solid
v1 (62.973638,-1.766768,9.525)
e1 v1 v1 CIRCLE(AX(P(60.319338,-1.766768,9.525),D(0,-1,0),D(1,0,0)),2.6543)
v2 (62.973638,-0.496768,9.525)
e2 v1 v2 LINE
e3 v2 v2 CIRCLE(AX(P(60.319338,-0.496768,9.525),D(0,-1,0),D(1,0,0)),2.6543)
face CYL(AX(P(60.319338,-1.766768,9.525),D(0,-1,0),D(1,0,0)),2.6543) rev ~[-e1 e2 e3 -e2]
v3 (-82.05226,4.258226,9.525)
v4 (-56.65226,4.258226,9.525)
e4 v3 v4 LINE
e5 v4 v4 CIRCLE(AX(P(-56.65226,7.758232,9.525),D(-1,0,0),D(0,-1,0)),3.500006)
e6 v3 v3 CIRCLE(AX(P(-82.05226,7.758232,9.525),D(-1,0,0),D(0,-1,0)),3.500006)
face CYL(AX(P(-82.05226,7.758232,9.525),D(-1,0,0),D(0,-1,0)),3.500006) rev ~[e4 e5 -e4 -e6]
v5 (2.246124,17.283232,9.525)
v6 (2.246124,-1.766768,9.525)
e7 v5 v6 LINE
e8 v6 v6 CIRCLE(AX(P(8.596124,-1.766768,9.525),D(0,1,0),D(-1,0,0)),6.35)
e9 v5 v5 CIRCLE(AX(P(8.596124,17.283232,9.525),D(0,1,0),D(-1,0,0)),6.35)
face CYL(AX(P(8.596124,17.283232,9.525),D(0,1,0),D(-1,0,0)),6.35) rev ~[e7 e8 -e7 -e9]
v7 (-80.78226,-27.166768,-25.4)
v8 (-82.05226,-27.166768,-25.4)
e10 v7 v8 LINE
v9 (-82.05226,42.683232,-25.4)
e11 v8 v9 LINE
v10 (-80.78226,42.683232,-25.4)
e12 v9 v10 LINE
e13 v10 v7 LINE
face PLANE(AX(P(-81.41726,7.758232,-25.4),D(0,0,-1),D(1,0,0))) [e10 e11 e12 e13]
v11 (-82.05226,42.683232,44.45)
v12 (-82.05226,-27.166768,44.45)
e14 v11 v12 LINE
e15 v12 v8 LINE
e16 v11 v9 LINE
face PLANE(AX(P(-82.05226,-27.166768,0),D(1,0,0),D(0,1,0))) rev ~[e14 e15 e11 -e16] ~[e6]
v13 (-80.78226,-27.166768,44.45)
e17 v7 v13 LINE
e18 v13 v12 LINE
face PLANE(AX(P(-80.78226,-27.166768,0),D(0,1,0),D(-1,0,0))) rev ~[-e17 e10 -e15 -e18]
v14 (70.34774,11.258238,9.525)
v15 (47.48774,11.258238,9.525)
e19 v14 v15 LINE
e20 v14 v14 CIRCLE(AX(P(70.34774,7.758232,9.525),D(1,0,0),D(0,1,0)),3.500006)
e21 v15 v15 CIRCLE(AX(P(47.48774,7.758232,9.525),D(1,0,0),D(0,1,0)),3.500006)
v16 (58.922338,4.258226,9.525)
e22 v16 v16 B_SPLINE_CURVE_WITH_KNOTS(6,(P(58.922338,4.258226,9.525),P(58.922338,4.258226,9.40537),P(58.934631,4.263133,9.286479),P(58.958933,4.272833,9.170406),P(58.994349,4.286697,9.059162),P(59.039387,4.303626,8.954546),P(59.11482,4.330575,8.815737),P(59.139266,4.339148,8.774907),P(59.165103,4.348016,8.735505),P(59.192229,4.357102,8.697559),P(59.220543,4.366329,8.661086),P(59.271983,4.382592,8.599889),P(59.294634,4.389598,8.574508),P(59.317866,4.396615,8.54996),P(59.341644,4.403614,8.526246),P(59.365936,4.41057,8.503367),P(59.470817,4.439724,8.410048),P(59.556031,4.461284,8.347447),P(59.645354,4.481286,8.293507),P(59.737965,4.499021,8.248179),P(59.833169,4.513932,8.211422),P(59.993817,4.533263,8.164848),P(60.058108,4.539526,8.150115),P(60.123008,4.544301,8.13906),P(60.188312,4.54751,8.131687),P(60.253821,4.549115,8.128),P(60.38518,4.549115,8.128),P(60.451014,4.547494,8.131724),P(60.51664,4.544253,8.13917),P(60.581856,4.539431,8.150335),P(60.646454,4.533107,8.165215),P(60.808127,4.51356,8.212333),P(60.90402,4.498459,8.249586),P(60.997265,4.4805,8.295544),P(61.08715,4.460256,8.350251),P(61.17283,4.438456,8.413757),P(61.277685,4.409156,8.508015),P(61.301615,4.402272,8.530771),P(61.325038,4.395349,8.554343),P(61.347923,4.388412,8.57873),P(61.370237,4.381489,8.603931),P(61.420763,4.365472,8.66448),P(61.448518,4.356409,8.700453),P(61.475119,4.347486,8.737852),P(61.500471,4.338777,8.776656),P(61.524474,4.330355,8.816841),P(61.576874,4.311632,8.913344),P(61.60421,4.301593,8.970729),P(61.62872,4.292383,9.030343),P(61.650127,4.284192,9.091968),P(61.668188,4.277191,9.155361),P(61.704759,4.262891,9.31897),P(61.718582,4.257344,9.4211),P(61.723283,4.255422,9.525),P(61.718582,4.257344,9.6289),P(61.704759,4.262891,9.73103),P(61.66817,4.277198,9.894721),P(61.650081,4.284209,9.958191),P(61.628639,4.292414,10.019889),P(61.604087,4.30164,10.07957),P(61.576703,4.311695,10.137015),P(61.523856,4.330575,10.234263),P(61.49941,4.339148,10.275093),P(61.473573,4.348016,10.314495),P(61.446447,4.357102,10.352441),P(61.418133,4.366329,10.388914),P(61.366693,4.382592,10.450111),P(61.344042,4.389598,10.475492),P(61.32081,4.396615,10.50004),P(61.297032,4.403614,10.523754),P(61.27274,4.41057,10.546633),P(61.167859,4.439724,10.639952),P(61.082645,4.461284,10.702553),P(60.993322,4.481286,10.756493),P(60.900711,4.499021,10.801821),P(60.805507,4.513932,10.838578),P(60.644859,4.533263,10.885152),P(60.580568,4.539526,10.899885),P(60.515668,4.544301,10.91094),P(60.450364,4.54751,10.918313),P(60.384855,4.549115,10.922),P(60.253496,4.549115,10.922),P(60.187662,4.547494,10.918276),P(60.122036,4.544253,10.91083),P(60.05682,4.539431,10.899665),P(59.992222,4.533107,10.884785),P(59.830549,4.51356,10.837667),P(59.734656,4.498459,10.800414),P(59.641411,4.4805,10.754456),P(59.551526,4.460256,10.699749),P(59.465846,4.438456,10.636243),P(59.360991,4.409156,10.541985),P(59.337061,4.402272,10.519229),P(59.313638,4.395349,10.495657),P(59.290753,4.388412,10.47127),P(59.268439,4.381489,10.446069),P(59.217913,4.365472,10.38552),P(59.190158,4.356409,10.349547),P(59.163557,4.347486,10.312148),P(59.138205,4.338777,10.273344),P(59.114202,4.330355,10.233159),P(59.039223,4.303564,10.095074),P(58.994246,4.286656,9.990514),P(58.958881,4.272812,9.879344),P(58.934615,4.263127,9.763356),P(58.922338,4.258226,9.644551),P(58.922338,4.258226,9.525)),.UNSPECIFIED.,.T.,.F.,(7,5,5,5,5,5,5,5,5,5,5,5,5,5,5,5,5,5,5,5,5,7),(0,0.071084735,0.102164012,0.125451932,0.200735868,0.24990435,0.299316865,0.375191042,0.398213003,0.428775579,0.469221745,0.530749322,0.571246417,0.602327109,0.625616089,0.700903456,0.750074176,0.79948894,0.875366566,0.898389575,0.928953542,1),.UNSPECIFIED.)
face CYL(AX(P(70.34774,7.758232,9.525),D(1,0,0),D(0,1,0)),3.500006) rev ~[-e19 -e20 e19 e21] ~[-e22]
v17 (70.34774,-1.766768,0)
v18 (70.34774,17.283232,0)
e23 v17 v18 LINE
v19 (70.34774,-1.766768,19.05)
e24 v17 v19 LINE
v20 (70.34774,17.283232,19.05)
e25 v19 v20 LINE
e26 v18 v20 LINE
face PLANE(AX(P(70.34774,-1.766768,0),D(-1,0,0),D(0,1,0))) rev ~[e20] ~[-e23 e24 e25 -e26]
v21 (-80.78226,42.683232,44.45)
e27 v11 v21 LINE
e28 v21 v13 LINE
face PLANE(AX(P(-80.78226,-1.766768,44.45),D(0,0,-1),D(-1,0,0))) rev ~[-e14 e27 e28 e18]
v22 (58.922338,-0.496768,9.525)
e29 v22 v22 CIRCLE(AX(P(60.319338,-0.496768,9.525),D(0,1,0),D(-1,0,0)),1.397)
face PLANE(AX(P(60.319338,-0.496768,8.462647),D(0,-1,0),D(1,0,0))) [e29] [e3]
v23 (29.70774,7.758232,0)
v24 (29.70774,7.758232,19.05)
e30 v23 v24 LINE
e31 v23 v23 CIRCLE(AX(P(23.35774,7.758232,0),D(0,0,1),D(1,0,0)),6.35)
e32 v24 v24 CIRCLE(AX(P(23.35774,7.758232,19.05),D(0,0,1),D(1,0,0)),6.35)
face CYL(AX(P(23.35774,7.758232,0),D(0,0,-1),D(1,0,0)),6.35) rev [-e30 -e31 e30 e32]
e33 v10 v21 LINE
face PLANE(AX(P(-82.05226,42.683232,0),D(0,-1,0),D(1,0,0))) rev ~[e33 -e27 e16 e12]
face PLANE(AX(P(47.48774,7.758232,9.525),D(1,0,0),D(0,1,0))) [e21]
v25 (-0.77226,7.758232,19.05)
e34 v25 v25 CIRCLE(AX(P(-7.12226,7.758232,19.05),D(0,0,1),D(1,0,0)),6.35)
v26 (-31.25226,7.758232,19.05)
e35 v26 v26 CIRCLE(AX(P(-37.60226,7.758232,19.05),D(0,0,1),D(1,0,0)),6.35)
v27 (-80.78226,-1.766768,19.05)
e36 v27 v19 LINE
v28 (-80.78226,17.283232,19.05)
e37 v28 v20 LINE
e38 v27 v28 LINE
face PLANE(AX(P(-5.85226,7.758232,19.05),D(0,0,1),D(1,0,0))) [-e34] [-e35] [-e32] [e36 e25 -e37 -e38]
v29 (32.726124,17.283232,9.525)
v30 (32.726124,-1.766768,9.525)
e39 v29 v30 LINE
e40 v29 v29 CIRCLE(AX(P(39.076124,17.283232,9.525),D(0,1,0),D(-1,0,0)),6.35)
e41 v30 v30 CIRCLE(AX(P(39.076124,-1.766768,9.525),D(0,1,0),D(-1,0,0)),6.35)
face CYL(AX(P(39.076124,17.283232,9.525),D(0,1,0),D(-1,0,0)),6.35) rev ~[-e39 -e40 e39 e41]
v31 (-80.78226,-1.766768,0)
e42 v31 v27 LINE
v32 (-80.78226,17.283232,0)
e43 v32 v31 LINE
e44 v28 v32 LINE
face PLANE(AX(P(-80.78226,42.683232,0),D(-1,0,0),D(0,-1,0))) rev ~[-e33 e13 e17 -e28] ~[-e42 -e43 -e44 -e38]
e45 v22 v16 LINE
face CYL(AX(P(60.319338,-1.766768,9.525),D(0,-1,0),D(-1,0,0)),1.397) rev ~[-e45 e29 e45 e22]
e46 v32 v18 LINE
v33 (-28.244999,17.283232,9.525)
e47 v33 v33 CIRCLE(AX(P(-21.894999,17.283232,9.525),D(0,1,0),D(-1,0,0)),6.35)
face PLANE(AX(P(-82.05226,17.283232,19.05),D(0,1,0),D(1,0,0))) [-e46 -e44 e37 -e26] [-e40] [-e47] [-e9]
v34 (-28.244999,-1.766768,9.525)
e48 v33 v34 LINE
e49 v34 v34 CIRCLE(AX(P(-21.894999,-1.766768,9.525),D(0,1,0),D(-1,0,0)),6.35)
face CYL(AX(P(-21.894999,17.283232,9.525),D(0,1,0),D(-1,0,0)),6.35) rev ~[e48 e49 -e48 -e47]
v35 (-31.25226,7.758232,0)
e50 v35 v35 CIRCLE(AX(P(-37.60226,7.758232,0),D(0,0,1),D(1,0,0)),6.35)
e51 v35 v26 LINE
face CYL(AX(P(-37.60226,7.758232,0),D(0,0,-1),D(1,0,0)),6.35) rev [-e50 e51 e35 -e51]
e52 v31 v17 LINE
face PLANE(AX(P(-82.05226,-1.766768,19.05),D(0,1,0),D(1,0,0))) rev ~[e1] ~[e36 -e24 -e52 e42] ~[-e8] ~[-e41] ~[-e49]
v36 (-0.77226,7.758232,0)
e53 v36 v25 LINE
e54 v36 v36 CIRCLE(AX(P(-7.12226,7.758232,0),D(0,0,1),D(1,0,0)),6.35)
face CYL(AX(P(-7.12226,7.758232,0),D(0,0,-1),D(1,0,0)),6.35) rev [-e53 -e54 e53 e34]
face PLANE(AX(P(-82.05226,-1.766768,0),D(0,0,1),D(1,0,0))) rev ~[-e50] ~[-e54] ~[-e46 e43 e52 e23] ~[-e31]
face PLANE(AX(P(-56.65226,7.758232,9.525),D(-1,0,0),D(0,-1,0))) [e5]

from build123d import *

# Parameters (mm, degrees)
F0_W      = 152.4
F0_H      = 19.05
F0_R      = 6.35
F1_DEPTH  = 19.05
F2_R      = 6.35
F3_DEPTH  = 25.4
F4_R      = 3.5000057
F5_DEPTH  = 25.4
F6_R      = 3.5000057
F7_DEPTH  = 22.86
F8_W      = 1.27
F8_H      = 19.05
F9_DEPTH  = 25.4
F11_DEPTH = 25.4
F13_DEPTH = 25.4
F15_DEPTH = 25.4
F17_DEPTH = 7.62
F18_DEPTH = 1.27


with BuildPart() as f1:
    # F0 (on Top) → F1 (new body)
    with BuildSketch(Plane.XY):
        with Locations((-5.8522596955, 7.7582320684)):
            Rectangle(F0_W, F0_H)
        with Locations((-37.6022596955, 7.7582320684)):
            Circle(F0_R, mode=Mode.SUBTRACT)
        with Locations((-7.1222596955, 7.7582320684)):
            Circle(F0_R, mode=Mode.SUBTRACT)
        with Locations((23.3577403045, 7.7582320684)):
            Circle(F0_R, mode=Mode.SUBTRACT)
    extrude(amount=F1_DEPTH)

    # F2 (on face) → F3 (cut)
    with BuildSketch(Plane(origin=(0, 17.2832320684, 0), x_dir=(-1, 0, 0), z_dir=(0, 1, 0))):
        with Locations((21.8949988484, 9.525)):
            Circle(F2_R)
        with Locations((-39.0761239581, 9.525)):
            Circle(F2_R)
        with Locations((-8.5961239581, 9.525)):
            Circle(F2_R)
    extrude(amount=-F3_DEPTH, mode=Mode.SUBTRACT)

    # F4 (on face) → F5 (cut)
    with BuildSketch(Plane(origin=(-82.0522596955, 0, 0), x_dir=(0, -1, 0), z_dir=(-1, 0, 0))):
        with Locations((-7.7582320684, 9.525)):
            Circle(F4_R)
    extrude(amount=-F5_DEPTH, mode=Mode.SUBTRACT)

    # F6 (on face) → F7 (cut)
    with BuildSketch(Plane.YZ.offset(70.3477403045)):
        with Locations((7.7582320684, 9.525)):
            Circle(F6_R)
    extrude(amount=-F7_DEPTH, mode=Mode.SUBTRACT)

    # F8 (on face) → F9 (join)
    with BuildSketch(Plane.XY.offset(19.05)):
        with Locations((-81.4172596955, 7.7582320684)):
            Rectangle(F8_W, F8_H)
    extrude(amount=F9_DEPTH)

    # F10 (on face) → F11 (join)
    with BuildSketch(Plane(origin=(0, 17.2832320684, 0), x_dir=(-1, 0, 0), z_dir=(0, 1, 0))):
        Polygon((80.7822596955, 44.45), (80.7822596955, 19.05), (80.7822596955, 0), (82.0522596955, 0), (82.0522596955, 44.45), align=None)
    extrude(amount=F11_DEPTH)

    # F12 (on face) → F13 (join)
    with BuildSketch(Plane.XZ.offset(1.7667679316)):
        Polygon((-80.7822596955, 0), (-80.7822596955, 19.05), (-80.7822596955, 44.45), (-82.0522596955, 44.45), (-82.0522596955, 0), align=None)
    extrude(amount=F13_DEPTH)

    # F14 (on face) → F15 (join)
    with BuildSketch(Plane(origin=(0, 0, 0), x_dir=(1, 0, 0), z_dir=(0, 0, -1))):
        Polygon((-80.7822596955, -17.2832320684), (-80.7822596955, 1.7667679316), (-80.7822596955, 27.1667679316), (-82.0522596955, 27.1667679316), (-82.0522596955, -42.6832320684), (-80.7822596955, -42.6832320684), align=None)
    extrude(amount=F15_DEPTH)

    # F16 (on face) → F17 (cut)
    with BuildSketch(Plane.XZ.offset(1.7667679316)):
        with BuildLine():
            Line((58.9223379939, 9.525), (61.7163379939, 9.525))
            ThreePointArc((61.7163379939, 9.525), (60.3193379939, 10.922), (58.9223379939, 9.525))
        make_face()
        with BuildLine():
            ThreePointArc((58.9223379939, 9.525), (60.3193379939, 8.128), (61.7163379939, 9.525))
            Line((61.7163379939, 9.525), (58.9223379939, 9.525))
        make_face()
    extrude(amount=-F17_DEPTH, mode=Mode.SUBTRACT)

    # F16 (on face) → F18 (cut)
    with BuildSketch(Plane.XZ.offset(1.7667679316)):
        with BuildLine():
            ThreePointArc((57.6650379939, 9.525), (60.3193379939, 6.8707), (62.9736379939, 9.525))
            Line((62.9736379939, 9.525), (61.7163379939, 9.525))
            ThreePointArc((61.7163379939, 9.525), (60.3193379939, 8.128), (58.9223379939, 9.525))
            Line((58.9223379939, 9.525), (57.6650379939, 9.525))
        make_face()
        with BuildLine():
            Line((61.7163379939, 9.525), (62.9736379939, 9.525))
            ThreePointArc((62.9736379939, 9.525), (60.3193379939, 12.1793), (57.6650379939, 9.525))
            Line((57.6650379939, 9.525), (58.9223379939, 9.525))
            ThreePointArc((58.9223379939, 9.525), (60.3193379939, 10.922), (61.7163379939, 9.525))
        make_face()
    extrude(amount=-F18_DEPTH, mode=Mode.SUBTRACT)


solid = f1.part
